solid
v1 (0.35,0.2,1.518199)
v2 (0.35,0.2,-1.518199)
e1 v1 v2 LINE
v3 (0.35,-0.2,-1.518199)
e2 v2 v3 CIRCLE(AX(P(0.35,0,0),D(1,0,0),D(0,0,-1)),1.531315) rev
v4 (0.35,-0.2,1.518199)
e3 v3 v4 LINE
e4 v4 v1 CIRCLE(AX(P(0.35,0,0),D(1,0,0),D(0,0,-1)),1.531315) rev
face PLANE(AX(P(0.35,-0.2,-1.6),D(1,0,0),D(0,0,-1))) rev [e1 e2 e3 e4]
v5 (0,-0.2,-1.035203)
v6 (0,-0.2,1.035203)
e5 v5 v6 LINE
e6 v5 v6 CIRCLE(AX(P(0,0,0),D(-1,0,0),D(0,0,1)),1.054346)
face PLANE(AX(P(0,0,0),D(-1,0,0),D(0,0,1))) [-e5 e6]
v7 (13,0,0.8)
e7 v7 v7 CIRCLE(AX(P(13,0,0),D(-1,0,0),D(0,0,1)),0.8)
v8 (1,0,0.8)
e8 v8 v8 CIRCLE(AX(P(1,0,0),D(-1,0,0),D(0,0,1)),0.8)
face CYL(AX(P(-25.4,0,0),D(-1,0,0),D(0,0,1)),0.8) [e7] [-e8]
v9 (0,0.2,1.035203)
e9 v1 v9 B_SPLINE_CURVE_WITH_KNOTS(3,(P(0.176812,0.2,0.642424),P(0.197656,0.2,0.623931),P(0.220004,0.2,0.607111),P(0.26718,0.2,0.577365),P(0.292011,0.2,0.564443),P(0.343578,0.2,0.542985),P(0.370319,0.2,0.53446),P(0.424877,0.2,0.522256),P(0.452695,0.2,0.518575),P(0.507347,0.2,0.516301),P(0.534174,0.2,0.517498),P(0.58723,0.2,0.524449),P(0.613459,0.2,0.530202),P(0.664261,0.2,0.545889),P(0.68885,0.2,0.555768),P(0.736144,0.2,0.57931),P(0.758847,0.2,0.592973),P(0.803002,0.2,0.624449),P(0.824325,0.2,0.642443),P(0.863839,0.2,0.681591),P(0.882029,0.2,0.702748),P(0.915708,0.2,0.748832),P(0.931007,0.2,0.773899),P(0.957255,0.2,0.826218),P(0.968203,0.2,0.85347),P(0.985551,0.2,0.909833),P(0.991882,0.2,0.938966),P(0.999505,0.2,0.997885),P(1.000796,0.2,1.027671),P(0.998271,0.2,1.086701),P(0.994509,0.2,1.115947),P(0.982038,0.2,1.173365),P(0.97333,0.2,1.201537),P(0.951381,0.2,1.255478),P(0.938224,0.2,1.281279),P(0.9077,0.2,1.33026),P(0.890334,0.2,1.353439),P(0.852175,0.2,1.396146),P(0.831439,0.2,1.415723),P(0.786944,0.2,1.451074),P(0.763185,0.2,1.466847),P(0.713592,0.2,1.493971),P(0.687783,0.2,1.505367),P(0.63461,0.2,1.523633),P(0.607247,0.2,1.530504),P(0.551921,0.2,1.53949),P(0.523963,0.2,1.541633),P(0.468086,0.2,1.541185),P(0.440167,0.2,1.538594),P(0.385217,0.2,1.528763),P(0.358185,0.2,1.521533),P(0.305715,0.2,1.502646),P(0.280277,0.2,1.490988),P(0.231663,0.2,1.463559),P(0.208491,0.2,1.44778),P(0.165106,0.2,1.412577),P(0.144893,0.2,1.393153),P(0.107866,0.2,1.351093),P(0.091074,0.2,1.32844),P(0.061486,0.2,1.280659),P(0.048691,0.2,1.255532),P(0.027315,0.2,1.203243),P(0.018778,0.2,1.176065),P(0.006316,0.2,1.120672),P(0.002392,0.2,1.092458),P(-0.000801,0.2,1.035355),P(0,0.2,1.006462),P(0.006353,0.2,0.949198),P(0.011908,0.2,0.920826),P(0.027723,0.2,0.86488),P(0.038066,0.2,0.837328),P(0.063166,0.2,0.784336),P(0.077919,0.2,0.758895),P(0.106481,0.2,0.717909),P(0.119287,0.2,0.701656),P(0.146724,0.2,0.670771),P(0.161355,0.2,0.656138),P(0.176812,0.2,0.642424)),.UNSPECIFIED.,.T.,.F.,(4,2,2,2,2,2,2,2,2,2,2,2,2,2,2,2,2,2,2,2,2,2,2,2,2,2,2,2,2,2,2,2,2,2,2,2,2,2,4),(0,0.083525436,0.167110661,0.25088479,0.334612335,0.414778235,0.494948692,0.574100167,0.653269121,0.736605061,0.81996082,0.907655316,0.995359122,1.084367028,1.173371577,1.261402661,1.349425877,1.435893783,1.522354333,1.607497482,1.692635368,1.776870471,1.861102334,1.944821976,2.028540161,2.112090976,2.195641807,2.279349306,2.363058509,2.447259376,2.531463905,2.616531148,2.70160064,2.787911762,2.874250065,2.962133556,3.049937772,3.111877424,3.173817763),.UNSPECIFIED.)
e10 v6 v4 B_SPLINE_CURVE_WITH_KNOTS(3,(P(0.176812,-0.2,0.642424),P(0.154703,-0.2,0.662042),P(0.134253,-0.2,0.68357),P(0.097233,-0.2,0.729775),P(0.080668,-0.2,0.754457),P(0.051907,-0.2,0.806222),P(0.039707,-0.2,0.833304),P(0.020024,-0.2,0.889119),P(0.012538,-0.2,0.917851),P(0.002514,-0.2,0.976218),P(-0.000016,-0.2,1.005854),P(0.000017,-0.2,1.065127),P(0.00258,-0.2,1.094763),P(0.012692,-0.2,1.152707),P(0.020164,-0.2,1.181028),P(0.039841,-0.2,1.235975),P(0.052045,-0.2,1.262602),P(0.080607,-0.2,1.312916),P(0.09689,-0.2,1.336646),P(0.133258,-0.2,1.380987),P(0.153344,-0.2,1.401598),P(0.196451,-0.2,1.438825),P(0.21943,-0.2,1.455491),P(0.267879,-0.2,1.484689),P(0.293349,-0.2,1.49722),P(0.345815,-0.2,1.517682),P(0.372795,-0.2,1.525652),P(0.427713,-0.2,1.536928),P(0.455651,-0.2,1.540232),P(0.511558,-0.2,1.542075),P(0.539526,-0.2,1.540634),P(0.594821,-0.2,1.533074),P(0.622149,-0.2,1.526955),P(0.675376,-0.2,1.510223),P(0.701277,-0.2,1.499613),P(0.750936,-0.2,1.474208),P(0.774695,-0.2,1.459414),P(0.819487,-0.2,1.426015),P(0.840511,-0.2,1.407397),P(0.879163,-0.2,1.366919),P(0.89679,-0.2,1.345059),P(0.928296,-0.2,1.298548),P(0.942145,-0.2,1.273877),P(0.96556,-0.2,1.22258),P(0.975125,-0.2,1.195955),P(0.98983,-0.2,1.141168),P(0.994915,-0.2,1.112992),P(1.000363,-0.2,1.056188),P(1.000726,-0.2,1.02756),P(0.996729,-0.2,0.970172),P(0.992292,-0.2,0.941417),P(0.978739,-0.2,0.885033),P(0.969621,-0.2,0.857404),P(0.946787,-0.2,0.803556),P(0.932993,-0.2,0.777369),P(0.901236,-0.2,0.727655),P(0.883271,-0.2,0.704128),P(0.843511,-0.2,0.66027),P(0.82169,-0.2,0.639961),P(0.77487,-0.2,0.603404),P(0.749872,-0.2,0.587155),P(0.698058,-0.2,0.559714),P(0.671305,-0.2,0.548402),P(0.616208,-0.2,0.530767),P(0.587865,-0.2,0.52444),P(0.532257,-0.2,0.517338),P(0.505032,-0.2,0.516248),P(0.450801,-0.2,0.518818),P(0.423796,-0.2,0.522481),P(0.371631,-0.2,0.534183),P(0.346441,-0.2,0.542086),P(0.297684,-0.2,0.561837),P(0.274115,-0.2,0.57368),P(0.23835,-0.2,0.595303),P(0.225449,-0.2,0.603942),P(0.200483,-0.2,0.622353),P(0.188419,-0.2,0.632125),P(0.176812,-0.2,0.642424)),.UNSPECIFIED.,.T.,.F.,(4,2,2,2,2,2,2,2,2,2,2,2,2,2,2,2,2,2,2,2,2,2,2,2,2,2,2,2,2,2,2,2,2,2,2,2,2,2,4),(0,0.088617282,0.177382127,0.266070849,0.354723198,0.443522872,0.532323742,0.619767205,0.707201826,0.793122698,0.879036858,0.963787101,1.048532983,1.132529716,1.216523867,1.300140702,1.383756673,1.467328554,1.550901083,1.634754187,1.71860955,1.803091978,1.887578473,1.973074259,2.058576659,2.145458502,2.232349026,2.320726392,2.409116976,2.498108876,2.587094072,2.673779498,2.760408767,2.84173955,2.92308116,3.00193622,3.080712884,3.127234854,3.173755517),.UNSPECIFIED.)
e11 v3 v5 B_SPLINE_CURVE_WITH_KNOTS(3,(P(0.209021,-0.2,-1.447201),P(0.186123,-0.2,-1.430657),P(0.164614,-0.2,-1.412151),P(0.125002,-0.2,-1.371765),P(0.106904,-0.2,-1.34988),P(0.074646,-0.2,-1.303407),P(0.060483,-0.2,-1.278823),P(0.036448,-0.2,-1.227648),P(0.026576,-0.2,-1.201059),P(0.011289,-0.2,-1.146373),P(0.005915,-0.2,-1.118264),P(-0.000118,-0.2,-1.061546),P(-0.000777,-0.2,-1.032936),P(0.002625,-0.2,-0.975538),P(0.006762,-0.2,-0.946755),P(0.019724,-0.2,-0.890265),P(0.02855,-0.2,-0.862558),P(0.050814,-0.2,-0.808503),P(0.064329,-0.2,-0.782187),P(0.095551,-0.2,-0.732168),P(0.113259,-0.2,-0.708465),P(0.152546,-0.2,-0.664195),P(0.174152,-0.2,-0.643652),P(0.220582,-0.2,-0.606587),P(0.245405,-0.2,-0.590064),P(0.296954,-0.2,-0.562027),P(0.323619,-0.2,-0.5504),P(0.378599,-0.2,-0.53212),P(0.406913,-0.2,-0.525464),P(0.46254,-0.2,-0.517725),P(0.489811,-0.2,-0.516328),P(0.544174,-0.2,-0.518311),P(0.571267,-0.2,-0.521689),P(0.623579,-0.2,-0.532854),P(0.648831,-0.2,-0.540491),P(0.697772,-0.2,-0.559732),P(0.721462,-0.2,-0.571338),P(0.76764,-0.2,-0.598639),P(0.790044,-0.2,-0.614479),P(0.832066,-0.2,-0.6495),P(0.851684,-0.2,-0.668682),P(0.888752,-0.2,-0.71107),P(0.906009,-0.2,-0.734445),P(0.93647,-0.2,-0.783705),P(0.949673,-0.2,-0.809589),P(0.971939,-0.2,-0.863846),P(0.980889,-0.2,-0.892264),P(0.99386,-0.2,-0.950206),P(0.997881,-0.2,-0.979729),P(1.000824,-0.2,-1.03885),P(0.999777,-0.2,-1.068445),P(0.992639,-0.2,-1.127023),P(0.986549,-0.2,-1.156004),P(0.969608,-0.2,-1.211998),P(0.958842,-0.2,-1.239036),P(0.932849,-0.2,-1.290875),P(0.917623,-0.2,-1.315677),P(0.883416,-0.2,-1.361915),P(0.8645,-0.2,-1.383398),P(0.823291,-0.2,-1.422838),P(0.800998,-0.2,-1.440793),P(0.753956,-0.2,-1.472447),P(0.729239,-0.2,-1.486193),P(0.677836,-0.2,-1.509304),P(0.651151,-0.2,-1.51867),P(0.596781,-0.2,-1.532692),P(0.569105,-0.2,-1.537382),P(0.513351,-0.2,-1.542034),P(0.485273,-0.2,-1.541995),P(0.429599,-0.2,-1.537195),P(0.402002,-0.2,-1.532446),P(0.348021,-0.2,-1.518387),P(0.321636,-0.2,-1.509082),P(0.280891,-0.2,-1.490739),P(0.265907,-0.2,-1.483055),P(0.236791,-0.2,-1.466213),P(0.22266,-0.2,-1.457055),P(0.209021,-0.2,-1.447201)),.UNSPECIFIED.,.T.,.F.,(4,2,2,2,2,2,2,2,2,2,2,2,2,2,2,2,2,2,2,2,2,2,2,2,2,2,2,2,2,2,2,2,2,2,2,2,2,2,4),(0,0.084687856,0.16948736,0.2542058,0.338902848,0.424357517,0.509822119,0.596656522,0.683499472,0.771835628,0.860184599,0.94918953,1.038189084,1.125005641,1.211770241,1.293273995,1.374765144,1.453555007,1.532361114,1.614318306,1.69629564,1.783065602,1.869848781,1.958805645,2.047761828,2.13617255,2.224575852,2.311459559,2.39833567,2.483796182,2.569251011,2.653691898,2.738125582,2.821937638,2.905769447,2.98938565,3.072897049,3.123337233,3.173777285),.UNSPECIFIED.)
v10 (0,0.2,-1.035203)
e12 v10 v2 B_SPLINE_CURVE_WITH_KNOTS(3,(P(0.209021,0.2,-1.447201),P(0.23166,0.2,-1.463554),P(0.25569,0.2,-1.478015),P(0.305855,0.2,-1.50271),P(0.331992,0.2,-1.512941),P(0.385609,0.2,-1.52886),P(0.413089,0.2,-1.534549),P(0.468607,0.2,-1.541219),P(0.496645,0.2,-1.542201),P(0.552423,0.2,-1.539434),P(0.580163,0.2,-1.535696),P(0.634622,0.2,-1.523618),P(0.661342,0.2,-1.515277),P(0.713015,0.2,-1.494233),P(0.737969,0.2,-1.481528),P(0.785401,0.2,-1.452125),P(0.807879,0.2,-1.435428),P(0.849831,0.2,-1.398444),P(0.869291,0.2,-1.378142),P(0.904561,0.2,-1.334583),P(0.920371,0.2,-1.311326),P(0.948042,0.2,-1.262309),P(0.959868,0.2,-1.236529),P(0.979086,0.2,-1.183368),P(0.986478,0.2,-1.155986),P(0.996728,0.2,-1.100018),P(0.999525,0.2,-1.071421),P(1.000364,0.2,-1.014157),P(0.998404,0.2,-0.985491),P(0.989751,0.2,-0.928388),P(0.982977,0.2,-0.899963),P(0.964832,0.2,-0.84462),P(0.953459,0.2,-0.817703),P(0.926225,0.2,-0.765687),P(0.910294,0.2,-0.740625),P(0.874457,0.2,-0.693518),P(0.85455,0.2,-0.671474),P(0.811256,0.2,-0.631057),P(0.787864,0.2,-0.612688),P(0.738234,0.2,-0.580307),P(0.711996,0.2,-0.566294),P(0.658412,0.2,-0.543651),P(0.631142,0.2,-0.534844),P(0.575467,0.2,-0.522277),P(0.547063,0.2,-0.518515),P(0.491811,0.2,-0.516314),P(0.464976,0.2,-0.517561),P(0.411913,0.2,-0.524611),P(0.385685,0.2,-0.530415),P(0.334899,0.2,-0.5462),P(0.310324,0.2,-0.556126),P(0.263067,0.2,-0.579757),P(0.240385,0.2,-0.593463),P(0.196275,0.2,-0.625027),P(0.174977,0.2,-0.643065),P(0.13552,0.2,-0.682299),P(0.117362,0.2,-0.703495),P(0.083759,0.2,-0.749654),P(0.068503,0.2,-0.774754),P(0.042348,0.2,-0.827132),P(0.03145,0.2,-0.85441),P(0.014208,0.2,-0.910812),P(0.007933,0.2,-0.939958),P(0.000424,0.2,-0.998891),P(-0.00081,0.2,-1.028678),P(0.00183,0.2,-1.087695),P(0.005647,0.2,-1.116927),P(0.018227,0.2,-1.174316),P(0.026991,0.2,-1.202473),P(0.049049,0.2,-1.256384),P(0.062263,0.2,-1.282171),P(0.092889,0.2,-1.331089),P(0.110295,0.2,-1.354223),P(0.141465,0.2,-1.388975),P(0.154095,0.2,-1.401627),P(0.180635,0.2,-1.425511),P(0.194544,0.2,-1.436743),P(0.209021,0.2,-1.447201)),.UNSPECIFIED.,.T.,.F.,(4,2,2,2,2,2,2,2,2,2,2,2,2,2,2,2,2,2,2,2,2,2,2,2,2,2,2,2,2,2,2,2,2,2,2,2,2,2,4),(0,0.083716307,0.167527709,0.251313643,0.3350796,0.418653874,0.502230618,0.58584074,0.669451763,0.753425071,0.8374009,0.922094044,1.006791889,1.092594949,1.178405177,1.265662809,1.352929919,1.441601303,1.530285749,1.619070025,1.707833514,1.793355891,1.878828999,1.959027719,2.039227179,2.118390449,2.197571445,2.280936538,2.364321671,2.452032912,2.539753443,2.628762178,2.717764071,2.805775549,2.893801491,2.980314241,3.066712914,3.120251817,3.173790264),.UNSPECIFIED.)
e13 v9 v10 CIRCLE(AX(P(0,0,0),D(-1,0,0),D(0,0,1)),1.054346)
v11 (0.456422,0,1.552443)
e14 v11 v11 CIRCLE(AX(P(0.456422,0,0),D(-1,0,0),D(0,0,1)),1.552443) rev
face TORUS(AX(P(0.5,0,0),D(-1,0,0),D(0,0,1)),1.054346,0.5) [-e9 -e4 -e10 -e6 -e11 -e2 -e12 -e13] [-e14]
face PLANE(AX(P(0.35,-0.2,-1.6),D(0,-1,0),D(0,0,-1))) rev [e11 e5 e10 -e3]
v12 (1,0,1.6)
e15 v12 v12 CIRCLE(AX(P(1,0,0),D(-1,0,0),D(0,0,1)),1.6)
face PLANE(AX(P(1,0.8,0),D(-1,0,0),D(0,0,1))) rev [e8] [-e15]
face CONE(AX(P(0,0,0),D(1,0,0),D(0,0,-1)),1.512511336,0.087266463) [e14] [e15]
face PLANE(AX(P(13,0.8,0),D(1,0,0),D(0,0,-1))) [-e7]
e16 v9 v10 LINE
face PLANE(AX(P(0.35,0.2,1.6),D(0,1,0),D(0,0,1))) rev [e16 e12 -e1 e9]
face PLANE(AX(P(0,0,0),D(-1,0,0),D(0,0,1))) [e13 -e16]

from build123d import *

# Parameters (mm, degrees)
FILLET2_R  = 0.5
SKETCH2_W  = 3.2
SKETCH2_H  = 0.4
SLOT_DEPTH = 0.35


with BuildPart() as part:
    # BodySke → Base-Revolve (revolve)
    with BuildSketch(Plane.XY):
        Polygon((1, 0.8), (1, 1.6), (0, 1.512511336), (0, 0), (13, 0), (13, 0.8), align=None)
    revolve(axis=Axis((-25.4, 0, 0), (1, 0, 0)))

    # Fillet2
    fillet2_edges = [part.edges().sort_by_distance(p)[0] for p in [
        (0, -1.512511336, 0),
    ]]
    fillet(fillet2_edges, radius=FILLET2_R)

    # Sketch2 → Slot (cut)
    with BuildSketch(Plane(origin=(0, 0, 0), x_dir=(0, 0, -1), z_dir=(1, 0, 0))):
        Rectangle(SKETCH2_W, SKETCH2_H)
    extrude(amount=SLOT_DEPTH, mode=Mode.SUBTRACT)


solid = part.part
